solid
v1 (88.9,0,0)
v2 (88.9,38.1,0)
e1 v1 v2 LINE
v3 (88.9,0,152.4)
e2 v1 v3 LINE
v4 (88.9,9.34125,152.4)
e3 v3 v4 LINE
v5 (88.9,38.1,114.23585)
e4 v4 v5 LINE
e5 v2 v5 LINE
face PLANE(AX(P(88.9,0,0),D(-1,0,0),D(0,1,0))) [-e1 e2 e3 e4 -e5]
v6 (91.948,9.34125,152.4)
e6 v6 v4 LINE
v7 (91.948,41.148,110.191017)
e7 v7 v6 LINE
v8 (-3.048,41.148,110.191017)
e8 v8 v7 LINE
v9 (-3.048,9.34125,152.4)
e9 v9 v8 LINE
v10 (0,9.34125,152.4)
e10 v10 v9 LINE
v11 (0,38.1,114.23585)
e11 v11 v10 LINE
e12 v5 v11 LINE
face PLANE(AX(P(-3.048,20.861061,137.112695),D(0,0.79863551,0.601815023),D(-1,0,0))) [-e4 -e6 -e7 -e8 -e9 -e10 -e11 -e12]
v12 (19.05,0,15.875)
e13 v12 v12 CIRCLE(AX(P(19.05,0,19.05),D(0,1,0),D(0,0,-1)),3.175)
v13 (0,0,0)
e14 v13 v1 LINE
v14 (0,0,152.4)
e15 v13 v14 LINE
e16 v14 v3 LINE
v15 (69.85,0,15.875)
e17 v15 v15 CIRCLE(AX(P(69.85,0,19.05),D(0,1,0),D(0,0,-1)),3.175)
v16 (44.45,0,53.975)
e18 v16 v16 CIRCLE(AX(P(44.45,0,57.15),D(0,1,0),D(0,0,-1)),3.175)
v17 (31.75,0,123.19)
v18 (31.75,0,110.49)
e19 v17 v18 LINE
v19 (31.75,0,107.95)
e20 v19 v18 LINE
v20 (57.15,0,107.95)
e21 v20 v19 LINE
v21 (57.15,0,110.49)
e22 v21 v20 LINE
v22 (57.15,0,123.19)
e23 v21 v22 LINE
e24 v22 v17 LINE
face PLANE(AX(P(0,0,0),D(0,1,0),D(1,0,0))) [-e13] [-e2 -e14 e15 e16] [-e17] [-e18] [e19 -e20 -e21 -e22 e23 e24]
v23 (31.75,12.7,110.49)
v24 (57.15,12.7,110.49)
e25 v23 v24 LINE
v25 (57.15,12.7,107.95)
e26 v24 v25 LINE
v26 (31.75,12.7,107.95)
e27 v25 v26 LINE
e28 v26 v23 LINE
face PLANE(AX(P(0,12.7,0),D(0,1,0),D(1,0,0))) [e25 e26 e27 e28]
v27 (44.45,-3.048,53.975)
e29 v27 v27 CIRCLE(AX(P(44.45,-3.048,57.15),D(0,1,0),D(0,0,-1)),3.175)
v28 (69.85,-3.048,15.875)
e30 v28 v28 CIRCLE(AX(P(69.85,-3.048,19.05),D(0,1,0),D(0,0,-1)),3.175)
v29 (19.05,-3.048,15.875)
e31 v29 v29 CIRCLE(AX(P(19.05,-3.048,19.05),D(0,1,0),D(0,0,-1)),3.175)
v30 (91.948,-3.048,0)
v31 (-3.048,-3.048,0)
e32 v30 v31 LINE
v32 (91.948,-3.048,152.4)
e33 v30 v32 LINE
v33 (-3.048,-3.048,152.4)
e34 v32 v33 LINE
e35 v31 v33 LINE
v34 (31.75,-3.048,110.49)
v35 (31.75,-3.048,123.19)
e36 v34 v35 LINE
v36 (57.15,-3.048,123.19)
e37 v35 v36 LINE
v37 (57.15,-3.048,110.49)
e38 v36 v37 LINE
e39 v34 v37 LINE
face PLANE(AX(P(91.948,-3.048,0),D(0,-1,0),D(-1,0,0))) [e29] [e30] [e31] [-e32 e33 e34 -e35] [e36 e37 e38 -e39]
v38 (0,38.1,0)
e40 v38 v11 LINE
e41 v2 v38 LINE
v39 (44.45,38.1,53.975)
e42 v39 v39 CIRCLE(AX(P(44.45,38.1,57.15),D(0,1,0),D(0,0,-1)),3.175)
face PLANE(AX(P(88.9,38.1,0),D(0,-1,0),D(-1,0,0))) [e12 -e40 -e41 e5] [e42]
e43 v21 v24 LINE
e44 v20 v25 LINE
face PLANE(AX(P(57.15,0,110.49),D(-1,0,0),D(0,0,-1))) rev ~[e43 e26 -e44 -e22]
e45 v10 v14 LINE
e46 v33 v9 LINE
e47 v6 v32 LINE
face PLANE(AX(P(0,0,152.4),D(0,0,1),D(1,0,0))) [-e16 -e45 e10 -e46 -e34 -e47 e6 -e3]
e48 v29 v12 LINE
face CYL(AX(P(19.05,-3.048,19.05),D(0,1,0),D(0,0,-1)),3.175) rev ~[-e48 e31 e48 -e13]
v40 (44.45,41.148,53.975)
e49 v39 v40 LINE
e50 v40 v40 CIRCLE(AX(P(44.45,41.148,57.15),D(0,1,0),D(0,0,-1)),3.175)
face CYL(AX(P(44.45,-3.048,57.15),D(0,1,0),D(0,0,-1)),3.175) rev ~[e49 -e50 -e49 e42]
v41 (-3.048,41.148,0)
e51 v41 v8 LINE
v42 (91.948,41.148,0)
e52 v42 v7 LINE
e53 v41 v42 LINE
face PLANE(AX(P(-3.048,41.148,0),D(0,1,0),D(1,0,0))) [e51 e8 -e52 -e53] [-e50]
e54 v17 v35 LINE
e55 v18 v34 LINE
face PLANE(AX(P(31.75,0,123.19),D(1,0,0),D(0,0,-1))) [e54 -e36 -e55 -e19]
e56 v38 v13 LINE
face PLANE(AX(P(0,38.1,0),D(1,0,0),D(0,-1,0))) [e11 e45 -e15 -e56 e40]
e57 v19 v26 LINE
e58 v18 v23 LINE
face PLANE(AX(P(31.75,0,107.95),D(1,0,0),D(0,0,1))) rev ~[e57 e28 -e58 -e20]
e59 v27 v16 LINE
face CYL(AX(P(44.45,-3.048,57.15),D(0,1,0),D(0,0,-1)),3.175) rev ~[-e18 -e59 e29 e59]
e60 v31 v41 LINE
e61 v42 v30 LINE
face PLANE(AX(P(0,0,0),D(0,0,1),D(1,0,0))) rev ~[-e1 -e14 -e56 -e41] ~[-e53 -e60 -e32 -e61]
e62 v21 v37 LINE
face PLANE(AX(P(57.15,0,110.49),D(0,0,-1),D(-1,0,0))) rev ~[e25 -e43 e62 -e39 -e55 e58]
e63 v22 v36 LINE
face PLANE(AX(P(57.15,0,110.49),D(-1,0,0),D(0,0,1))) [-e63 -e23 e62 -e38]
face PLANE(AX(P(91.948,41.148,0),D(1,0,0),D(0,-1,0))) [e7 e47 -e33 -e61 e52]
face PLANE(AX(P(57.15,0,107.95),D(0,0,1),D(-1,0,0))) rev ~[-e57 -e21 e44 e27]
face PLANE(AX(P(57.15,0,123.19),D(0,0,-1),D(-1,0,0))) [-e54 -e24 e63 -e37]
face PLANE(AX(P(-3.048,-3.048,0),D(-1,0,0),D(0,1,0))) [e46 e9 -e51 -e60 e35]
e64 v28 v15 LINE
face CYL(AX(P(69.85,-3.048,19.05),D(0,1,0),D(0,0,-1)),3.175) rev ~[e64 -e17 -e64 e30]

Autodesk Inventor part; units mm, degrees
ref_plane "YZ Plane" through (0, 0, 0) normal (1, 0, 0) x (0, 1, 0)
ref_plane "XZ Plane" through (0, 0, 0) normal (0, 1, 0) x (-1, 0, 0)
sketch "Sketch1" plane through (0, 0, 0) normal (0, 0, 1) x (1, 0, 0)
  line L0 (0, 0) -> (88.9, 0)
  line L1 (88.9, 0) -> (88.9, 38.1)
  line L2 (88.9, 38.1) -> (0, 38.1)
  line L3 (0, 38.1) -> (0, 0)
  line L4 (-3.048, 41.148) -> (91.948, 41.148)
  line L5 (91.948, 41.148) -> (91.948, -3.048)
  line L6 (91.948, -3.048) -> (-3.048, -3.048)
  line L7 (-3.048, -3.048) -> (-3.048, 41.148)
  dimension "d0" = 88.9
  dimension "d1" = 38.1
  dimension "d2" = 3.048
extrude "Extrusion1" add sketch "Sketch1" along normal blind 152.4
ref_plane "Work Plane1" through (-3.048, 41.148, 152.4) normal (0, 0.7986, 0.6018) x (-1, 0, 0)
sketch "Sketch2" plane through (-3.048, 41.148, 152.4) normal (0, 0.7986, 0.6018) x (-1, 0, 0)
  line L0 (-144.4625, 77.7875) -> (65.0875, 77.7875)
  line L1 (65.0875, 77.7875) -> (65.0875, -49.2125)
  line L2 (65.0875, -49.2125) -> (-144.4625, -49.2125)
  line L3 (-144.4625, -49.2125) -> (-144.4625, 77.7875)
  point P0 (-3.048, -96.9486)
  dimension "d8" = 127
extrude "Extrusion2" cut sketch "Sketch2" against normal blind 25.4
sketch "Sketch5" plane through (0, 0, 0) normal (0, 1, 0) x (1, 0, 0)
  line L0 (0, 0) -> (0, -152.4) projected
  line L1 (88.9, -152.4) -> (0, -152.4) projected
  line L2 (31.75, -110.49) -> (57.15, -110.49)
  line L3 (57.15, -110.49) -> (57.15, -107.95)
  line L4 (57.15, -107.95) -> (31.75, -107.95)
  line L5 (31.75, -107.95) -> (31.75, -110.49)
  line L6 (44.45, -152.4) -> (44.45, -68.5497) construction
  dimension "d21" = 25.4
  dimension "d22" = 2.54
  dimension "d23" = 44.45
  dimension "d24" = 31.75
extrude "Extrusion4" add sketch "Sketch5" along normal blind 12.7
sketch "Sketch7" plane through (0, 0, 0) normal (0, 1, 0) x (1, 0, 0)
  line L0 (57.15, -110.49) -> (31.75, -110.49) projected
  line L1 (31.75, -110.49) -> (57.15, -110.49)
  line L2 (57.15, -110.49) -> (57.15, -123.19)
  line L3 (57.15, -123.19) -> (31.75, -123.19)
  line L4 (31.75, -123.19) -> (31.75, -110.49)
  dimension "d36" = 12.7
  dimension "d37" = 25.4
  dimension "d38" = 0
extrude "Extrusion5" cut sketch "Sketch7" against normal blind 25.4
sketch "Sketch9" plane through (-3.048, -3.048, 0) normal (0, -1, 0) x (1, 0, 0)
  line L0 (0, 0) -> (0, 152.4) projected
  line L1 (94.996, 0) -> (0, 0) projected
  circle A0 centre (22.098, 19.05) radius 3.175
  circle A1 centre (72.898, 19.05) radius 3.175
  point P0 (3.048, 0)
  dimension "d59" = 6.35
  dimension "d60" = 19.05
  dimension "d61" = 22.098
  dimension "d62" = 6.35
  dimension "d63" = 50.8
hole "holePair" at (19.05, -3.048, 19.05) at (69.85, -3.048, 19.05) direction (0, 1, 0) diameter 6.35 depth 25.4 tip angle 118
sketch "Sketch10" plane through (-3.048, -3.048, 0) normal (0, -1, 0) x (1, 0, 0)
  circle A0 centre (22.098, 19.05) radius 3.175 projected
  circle A1 centre (72.898, 19.05) radius 3.175 projected
  line L0 (0, 0) -> (0, 152.4) projected
  line L1 (22.098, 19.05) -> (72.898, 19.05) construction
  circle A2 centre (47.498, 57.15) radius 3.5015
  point P0 (3.048, 0)
  dimension "d74" = 38.1
hole "Hole5" at (44.45, -3.048, 57.15) direction (0, 1, 0) diameter 6.35 end through all
properties part number "2p1hh" material "Steel, Galvanized"
